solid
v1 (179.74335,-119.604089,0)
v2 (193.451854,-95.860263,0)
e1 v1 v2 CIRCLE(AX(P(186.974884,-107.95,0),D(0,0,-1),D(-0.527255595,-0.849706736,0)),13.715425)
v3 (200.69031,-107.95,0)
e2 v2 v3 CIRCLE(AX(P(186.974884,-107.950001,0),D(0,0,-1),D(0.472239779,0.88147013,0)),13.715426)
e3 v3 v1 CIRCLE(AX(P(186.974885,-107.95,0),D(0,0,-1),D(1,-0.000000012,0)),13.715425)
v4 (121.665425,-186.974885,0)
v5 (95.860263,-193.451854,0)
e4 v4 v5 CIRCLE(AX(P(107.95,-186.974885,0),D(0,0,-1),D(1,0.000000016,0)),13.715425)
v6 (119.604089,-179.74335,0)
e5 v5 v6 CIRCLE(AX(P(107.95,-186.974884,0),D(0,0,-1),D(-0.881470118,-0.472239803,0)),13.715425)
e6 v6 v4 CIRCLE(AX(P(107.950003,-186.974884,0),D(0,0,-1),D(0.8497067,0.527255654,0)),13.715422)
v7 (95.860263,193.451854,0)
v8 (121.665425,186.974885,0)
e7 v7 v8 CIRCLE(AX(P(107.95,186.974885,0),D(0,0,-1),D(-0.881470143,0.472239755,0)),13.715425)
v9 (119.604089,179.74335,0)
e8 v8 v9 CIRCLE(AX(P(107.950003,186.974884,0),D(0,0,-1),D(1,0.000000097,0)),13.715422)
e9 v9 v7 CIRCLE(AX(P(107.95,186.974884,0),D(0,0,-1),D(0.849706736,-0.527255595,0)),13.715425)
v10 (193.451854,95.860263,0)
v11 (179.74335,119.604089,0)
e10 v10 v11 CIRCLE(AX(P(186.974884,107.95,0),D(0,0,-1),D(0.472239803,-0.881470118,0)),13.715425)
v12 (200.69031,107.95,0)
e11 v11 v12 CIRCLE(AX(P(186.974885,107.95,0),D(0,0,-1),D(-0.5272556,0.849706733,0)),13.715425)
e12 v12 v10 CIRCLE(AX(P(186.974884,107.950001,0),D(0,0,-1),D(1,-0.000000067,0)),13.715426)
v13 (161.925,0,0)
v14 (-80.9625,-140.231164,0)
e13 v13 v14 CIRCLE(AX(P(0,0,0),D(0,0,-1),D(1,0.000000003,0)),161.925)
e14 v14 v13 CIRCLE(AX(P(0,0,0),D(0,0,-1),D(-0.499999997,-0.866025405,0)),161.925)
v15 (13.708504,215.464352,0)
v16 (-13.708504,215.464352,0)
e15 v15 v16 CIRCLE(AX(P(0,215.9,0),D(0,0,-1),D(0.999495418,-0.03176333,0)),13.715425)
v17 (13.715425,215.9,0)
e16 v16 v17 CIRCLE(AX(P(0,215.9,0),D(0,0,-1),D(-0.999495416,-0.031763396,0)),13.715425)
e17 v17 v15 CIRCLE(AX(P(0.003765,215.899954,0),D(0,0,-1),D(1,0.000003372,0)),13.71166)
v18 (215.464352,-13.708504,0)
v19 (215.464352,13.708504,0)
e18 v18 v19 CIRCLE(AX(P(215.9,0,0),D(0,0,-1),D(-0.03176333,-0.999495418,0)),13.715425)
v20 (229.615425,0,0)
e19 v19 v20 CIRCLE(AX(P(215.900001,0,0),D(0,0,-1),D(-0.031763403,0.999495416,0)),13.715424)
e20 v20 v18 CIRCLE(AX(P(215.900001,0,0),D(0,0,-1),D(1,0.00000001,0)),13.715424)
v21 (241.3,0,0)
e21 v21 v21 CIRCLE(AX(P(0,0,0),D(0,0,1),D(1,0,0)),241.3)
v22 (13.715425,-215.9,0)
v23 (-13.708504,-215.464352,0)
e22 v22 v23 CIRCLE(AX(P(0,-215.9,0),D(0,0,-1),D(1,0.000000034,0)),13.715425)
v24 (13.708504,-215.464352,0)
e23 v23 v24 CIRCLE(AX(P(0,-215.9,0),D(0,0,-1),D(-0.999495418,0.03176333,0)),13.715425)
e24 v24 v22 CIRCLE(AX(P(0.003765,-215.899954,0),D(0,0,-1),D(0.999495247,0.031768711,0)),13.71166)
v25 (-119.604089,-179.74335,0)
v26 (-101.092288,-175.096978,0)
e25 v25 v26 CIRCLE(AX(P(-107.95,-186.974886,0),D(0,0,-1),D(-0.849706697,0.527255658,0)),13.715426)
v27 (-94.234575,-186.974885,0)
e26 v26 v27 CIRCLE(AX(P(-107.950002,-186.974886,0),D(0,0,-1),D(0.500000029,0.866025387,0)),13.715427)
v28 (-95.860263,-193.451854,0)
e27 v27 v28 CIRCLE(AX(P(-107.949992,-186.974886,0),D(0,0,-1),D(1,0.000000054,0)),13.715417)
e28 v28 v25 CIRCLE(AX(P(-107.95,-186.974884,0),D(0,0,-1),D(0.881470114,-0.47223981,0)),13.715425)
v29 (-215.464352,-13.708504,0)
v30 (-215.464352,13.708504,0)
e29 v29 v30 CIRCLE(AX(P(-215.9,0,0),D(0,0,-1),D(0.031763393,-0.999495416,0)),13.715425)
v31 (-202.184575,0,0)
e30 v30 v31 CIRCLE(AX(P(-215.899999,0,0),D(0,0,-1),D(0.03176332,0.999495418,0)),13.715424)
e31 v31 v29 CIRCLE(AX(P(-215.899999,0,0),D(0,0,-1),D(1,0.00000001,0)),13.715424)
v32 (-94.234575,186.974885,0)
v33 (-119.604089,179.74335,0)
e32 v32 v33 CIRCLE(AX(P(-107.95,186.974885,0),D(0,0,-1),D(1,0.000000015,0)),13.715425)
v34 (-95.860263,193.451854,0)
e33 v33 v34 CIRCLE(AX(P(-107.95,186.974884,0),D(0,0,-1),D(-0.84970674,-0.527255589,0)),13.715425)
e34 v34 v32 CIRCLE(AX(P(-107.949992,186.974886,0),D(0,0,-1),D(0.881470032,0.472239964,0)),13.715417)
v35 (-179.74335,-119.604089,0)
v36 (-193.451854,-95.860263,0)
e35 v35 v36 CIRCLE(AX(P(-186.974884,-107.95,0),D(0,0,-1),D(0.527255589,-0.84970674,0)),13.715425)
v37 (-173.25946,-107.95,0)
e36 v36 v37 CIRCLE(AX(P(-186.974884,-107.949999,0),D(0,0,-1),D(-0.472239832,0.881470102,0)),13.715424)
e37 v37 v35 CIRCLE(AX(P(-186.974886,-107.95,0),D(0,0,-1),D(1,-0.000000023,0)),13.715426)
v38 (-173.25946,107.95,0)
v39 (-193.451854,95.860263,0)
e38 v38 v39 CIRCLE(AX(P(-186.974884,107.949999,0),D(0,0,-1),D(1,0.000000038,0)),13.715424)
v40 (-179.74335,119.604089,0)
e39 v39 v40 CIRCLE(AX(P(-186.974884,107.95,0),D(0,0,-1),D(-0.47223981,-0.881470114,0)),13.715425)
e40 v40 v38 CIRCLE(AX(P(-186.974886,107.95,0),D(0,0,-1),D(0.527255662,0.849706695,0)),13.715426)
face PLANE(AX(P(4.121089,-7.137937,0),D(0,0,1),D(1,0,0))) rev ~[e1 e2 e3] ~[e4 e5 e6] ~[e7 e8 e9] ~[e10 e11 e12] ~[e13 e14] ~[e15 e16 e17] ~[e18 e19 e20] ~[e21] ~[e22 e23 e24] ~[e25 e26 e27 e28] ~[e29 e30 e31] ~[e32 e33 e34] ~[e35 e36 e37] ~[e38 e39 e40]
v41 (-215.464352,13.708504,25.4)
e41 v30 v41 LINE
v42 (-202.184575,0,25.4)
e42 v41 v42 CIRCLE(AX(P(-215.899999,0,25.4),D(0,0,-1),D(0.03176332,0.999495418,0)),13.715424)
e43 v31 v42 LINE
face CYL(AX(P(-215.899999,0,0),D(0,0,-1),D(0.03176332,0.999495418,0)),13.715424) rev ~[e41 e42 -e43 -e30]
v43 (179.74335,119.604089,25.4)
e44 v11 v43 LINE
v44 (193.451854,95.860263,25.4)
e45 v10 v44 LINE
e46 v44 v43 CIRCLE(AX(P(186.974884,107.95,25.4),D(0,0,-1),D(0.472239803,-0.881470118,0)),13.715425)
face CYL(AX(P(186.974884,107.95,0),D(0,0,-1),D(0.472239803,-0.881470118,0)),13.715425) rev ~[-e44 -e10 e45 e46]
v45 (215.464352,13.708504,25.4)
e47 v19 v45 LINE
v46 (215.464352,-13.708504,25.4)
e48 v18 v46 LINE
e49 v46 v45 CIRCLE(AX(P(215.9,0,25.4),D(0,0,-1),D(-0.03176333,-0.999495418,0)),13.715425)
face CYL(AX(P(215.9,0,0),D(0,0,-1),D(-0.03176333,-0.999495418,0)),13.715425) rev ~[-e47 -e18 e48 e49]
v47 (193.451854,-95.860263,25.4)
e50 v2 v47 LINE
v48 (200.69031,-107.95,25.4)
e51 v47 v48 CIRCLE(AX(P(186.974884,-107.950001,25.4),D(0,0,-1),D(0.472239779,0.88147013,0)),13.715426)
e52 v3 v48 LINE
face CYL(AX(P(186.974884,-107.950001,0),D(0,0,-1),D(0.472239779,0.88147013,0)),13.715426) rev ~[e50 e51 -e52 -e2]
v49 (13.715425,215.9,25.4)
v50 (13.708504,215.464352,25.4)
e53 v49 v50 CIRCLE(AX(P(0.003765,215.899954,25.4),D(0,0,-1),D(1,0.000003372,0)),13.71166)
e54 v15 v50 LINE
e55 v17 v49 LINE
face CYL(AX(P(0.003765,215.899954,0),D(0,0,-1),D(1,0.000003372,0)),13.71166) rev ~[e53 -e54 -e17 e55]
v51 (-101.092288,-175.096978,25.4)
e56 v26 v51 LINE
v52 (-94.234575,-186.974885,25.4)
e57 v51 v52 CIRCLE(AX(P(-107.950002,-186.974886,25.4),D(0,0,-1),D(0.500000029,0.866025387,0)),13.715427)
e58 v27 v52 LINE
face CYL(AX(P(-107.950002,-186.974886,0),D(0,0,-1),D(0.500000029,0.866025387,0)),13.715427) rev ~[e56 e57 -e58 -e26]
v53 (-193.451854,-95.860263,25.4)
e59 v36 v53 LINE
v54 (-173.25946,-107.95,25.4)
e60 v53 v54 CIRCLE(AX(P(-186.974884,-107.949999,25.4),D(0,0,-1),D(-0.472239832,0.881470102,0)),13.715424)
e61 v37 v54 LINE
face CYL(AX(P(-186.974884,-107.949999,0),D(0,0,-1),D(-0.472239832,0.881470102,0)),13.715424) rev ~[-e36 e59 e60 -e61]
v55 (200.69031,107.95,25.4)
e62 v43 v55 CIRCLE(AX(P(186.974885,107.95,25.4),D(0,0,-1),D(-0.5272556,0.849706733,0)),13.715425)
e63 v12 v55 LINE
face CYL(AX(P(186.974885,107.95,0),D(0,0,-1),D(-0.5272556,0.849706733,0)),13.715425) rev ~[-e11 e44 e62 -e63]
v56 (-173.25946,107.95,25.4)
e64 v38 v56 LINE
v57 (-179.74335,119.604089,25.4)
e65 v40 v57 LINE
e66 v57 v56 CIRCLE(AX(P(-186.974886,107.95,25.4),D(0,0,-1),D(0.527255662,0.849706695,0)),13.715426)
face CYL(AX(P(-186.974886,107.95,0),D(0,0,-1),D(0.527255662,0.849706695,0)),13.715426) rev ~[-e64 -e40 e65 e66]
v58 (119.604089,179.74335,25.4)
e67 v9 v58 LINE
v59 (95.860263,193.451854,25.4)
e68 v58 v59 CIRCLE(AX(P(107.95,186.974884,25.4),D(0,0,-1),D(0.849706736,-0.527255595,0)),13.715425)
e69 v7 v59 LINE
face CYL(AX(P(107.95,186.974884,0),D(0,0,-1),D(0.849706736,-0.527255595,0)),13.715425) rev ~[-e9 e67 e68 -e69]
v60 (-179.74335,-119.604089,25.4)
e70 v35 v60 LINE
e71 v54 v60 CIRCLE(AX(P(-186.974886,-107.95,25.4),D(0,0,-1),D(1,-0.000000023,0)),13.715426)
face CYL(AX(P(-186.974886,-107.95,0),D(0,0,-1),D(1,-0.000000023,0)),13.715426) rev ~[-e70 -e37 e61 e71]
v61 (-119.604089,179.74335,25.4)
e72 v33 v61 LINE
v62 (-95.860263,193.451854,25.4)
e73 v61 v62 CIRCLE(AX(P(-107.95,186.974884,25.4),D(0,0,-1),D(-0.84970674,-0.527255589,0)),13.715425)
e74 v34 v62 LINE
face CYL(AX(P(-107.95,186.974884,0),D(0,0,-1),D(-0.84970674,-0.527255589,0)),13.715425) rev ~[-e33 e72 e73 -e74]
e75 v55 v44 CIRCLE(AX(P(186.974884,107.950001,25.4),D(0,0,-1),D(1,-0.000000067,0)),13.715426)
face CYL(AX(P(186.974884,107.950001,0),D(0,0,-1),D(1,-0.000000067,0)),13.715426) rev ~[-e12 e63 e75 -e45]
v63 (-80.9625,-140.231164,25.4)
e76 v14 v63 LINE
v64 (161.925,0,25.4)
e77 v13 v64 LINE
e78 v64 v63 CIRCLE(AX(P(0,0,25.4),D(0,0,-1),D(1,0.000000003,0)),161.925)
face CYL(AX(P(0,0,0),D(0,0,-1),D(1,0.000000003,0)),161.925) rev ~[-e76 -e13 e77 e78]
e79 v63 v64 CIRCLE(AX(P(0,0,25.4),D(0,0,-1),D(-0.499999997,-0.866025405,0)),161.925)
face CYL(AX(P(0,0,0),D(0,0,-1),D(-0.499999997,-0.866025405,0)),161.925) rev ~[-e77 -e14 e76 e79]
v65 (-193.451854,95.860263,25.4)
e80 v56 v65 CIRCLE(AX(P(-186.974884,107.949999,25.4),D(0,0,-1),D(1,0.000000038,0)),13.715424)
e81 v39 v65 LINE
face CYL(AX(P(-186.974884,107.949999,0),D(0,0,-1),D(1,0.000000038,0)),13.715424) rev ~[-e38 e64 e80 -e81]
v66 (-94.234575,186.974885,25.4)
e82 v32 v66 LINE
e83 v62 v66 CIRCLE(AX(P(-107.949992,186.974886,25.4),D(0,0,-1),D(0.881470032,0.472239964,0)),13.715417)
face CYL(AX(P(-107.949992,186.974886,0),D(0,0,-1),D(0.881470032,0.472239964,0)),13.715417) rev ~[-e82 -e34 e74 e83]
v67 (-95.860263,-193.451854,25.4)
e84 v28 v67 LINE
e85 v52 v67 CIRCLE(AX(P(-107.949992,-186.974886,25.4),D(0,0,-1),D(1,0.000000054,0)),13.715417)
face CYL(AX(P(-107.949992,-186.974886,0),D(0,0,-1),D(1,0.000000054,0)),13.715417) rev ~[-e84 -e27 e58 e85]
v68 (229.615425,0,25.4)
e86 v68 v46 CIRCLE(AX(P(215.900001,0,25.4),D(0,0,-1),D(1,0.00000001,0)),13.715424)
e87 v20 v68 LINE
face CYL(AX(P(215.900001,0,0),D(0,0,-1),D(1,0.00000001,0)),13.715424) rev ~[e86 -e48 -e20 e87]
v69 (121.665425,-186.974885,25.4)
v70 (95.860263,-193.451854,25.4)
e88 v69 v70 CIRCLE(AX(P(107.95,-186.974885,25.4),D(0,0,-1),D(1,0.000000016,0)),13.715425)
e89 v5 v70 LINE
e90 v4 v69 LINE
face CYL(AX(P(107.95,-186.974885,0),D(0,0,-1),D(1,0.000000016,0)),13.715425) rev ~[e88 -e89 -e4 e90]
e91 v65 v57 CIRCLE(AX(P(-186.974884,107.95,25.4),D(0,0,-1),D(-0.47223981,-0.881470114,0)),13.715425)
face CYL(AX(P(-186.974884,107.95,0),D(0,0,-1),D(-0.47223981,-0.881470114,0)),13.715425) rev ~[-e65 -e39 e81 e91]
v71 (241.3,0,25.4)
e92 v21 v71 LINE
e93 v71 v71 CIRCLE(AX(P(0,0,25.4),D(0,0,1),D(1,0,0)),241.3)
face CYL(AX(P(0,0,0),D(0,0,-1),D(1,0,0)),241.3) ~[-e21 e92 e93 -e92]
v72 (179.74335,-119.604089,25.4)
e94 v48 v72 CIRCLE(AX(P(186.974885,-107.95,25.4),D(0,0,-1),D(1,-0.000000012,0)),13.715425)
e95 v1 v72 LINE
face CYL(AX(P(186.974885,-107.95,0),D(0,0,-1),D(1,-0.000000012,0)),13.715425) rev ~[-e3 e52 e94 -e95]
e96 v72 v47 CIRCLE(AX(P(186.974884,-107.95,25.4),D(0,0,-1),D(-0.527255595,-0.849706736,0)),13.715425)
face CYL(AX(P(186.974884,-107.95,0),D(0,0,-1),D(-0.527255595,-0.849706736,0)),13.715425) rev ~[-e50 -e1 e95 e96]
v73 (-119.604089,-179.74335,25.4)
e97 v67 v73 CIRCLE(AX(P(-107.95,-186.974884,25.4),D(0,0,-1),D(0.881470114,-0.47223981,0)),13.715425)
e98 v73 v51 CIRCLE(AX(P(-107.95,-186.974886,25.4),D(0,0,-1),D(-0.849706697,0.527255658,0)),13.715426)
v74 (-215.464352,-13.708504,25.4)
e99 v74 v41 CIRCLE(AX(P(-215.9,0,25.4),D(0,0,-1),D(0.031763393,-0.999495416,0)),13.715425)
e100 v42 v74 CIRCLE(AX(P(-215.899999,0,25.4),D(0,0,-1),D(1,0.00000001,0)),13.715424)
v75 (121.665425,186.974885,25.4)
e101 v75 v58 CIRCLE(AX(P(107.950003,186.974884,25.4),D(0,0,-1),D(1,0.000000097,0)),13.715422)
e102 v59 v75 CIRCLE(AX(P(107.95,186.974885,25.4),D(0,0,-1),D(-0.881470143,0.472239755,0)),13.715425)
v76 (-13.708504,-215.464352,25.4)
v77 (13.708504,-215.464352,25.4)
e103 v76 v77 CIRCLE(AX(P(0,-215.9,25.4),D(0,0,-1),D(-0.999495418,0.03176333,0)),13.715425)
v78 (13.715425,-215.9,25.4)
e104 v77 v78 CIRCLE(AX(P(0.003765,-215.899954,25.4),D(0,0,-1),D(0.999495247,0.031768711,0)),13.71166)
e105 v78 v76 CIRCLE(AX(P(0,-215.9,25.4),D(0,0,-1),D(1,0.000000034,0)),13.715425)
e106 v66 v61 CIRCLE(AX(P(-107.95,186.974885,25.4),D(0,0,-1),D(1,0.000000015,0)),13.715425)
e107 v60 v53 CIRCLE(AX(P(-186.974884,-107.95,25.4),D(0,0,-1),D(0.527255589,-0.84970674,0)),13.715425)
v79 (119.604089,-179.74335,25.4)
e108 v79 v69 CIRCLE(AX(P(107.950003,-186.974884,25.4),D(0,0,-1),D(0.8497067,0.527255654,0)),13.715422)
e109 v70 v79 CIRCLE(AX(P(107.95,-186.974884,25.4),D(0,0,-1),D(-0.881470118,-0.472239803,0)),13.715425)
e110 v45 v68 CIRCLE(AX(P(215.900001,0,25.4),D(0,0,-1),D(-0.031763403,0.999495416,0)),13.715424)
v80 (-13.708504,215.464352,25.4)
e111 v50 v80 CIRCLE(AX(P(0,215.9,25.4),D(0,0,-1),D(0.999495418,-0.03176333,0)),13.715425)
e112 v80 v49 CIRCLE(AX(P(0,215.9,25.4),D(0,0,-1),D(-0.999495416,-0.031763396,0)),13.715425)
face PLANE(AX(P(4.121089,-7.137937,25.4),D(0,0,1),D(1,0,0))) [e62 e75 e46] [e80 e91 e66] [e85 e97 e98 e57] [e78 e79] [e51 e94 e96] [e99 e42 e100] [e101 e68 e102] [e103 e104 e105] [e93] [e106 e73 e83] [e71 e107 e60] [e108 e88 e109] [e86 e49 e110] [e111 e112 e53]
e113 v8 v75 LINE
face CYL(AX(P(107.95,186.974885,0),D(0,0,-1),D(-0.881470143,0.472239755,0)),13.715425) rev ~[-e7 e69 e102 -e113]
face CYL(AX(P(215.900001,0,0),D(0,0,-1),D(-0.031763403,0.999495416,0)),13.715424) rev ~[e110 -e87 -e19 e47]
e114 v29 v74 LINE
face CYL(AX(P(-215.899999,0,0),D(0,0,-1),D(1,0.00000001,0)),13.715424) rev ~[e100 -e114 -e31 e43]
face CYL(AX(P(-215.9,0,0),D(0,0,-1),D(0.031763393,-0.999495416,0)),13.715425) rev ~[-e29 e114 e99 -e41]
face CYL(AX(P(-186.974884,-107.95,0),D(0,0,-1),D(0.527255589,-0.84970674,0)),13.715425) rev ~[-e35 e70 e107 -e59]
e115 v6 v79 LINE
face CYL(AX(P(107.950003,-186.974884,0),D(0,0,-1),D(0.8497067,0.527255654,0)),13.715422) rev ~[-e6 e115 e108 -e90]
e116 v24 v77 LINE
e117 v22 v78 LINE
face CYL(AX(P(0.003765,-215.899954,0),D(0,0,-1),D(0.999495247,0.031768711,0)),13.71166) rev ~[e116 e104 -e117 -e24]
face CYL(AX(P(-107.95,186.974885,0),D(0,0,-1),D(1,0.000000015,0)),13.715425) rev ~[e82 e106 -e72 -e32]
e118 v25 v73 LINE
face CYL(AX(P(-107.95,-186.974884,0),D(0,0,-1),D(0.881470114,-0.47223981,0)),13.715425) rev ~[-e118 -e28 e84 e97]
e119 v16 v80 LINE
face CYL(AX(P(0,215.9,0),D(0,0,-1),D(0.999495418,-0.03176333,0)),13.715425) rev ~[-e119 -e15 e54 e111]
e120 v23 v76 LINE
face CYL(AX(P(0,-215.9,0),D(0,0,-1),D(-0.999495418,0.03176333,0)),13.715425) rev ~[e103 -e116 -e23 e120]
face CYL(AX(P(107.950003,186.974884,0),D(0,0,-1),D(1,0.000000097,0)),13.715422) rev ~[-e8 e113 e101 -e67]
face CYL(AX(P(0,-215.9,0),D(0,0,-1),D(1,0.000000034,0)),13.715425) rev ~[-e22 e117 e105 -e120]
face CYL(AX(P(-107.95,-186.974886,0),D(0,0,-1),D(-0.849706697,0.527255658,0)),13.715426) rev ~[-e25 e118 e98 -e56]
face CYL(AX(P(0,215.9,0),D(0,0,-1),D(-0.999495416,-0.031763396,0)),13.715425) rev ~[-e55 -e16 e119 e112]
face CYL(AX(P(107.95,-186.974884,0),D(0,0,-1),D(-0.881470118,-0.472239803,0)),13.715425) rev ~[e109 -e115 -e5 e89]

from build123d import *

# Parameters (mm, degrees)
F0_R     = 241.3
F1_DEPTH = 25.4


with BuildPart() as f1:
    # F0 (on Top) → F1 (new body)
    with BuildSketch(Plane.XY):
        with BuildLine():
            ThreePointArc((-80.9625, -140.231164), (80.9625, -140.231164), (161.925, 0))
            ThreePointArc((161.925, 0), (-80.9625, 140.231164), (-80.9625, -140.231164))
        make_face()
        Circle(F0_R)
        with BuildLine():
            ThreePointArc((-95.860263, -193.451854), (-114.807712, -198.852791), (-119.604089, -179.74335))
            ThreePointArc((-119.604089, -179.74335), (-152.664354, -152.664354), (-179.74335, -119.604089))
            ThreePointArc((-179.74335, -119.604089), (-198.852791, -114.807712), (-193.451854, -95.860263))
            ThreePointArc((-193.451854, -95.860263), (-208.543386, -55.879032), (-215.464352, -13.708504))
            ThreePointArc((-215.464352, -13.708504), (-229.615425, 0), (-215.464352, 13.708504))
            ThreePointArc((-215.464352, 13.708504), (-208.543386, 55.879032), (-193.451854, 95.860263))
            ThreePointArc((-193.451854, 95.860263), (-198.852791, 114.807712), (-179.74335, 119.604089))
            ThreePointArc((-179.74335, 119.604089), (-152.664354, 152.664354), (-119.604089, 179.74335))
            ThreePointArc((-119.604089, 179.74335), (-114.807712, 198.852791), (-95.860263, 193.451854))
            ThreePointArc((-95.860263, 193.451854), (-55.879032, 208.543386), (-13.708504, 215.464352))
            ThreePointArc((-13.708504, 215.464352), (-0.217852, 229.613695), (13.715425, 215.9))
            ThreePointArc((13.715425, 215.9), (13.713695, 215.682148), (13.708504, 215.464352))
            ThreePointArc((13.708504, 215.464352), (55.879032, 208.543386), (95.860263, 193.451854))
            ThreePointArc((95.860263, 193.451854), (111.288937, 200.277681), (121.665425, 186.974885))
            ThreePointArc((121.665425, 186.974885), (121.140028, 183.215091), (119.604089, 179.74335))
            ThreePointArc((119.604089, 179.74335), (152.664354, 152.664354), (179.74335, 119.604089))
            ThreePointArc((179.74335, 119.604089), (193.643067, 119.935334), (200.69031, 107.95))
            ThreePointArc((200.69031, 107.95), (198.742367, 100.904488), (193.451854, 95.860263))
            ThreePointArc((193.451854, 95.860263), (208.543386, 55.879032), (215.464352, 13.708504))
            ThreePointArc((215.464352, 13.708504), (225.443002, 9.851091), (229.615425, 0))
            ThreePointArc((229.615425, 0), (225.443002, -9.851091), (215.464352, -13.708504))
            ThreePointArc((215.464352, -13.708504), (208.543386, -55.879032), (193.451854, -95.860263))
            ThreePointArc((193.451854, -95.860263), (198.742367, -100.904488), (200.69031, -107.95))
            ThreePointArc((200.69031, -107.95), (193.643067, -119.935334), (179.74335, -119.604089))
            ThreePointArc((179.74335, -119.604089), (152.664354, -152.664354), (119.604089, -179.74335))
            ThreePointArc((119.604089, -179.74335), (121.140028, -183.215091), (121.665425, -186.974885))
            ThreePointArc((121.665425, -186.974885), (111.288937, -200.277681), (95.860263, -193.451854))
            ThreePointArc((95.860263, -193.451854), (55.879032, -208.543386), (13.708504, -215.464352))
            ThreePointArc((13.708504, -215.464352), (13.713695, -215.682148), (13.715425, -215.9))
            ThreePointArc((13.715425, -215.9), (-0.217852, -229.613695), (-13.708504, -215.464352))
            ThreePointArc((-13.708504, -215.464352), (-55.879032, -208.543386), (-95.860263, -193.451854))
        make_face(mode=Mode.SUBTRACT)
        with BuildLine():
            ThreePointArc((-119.604089, -179.74335), (-111.288937, -173.672089), (-101.092288, -175.096978))
            ThreePointArc((-101.092288, -175.096978), (-96.072094, -180.117172), (-94.234575, -186.974885))
            ThreePointArc((-94.234575, -186.974885), (-94.647204, -190.313822), (-95.860263, -193.451854))
            ThreePointArc((-95.860263, -193.451854), (-55.879032, -208.543386), (-13.708504, -215.464352))
            ThreePointArc((-13.708504, -215.464352), (0, -202.184575), (13.708504, -215.464352))
            ThreePointArc((13.708504, -215.464352), (55.879032, -208.543386), (95.860263, -193.451854))
            ThreePointArc((95.860263, -193.451854), (101.092288, -175.096978), (119.604089, -179.74335))
            ThreePointArc((119.604089, -179.74335), (152.664354, -152.664354), (179.74335, -119.604089))
            ThreePointArc((179.74335, -119.604089), (175.096978, -101.092288), (193.451854, -95.860263))
            ThreePointArc((193.451854, -95.860263), (208.543386, -55.879032), (215.464352, -13.708504))
            ThreePointArc((215.464352, -13.708504), (202.184575, 0), (215.464352, 13.708504))
            ThreePointArc((215.464352, 13.708504), (208.543386, 55.879032), (193.451854, 95.860263))
            ThreePointArc((193.451854, 95.860263), (175.096978, 101.092288), (179.74335, 119.604089))
            ThreePointArc((179.74335, 119.604089), (152.664354, 152.664354), (119.604089, 179.74335))
            ThreePointArc((119.604089, 179.74335), (101.092288, 175.096978), (95.860263, 193.451854))
            ThreePointArc((95.860263, 193.451854), (55.879032, 208.543386), (13.708504, 215.464352))
            ThreePointArc((13.708504, 215.464352), (0, 202.184575), (-13.708504, 215.464352))
            ThreePointArc((-13.708504, 215.464352), (-55.879032, 208.543386), (-95.860263, 193.451854))
            ThreePointArc((-95.860263, 193.451854), (-94.647204, 190.313822), (-94.234575, 186.974885))
            ThreePointArc((-94.234575, 186.974885), (-104.190206, 173.784857), (-119.604089, 179.74335))
            ThreePointArc((-119.604089, 179.74335), (-152.664354, 152.664354), (-179.74335, 119.604089))
            ThreePointArc((-179.74335, 119.604089), (-174.989551, 114.618182), (-173.25946, 107.95))
            ThreePointArc((-173.25946, 107.95), (-179.929372, 96.182518), (-193.451854, 95.860263))
            ThreePointArc((-193.451854, 95.860263), (-208.543386, 55.879032), (-215.464352, 13.708504))
            ThreePointArc((-215.464352, 13.708504), (-206.048909, 9.543002), (-202.184575, 0))
            ThreePointArc((-202.184575, 0), (-206.048909, -9.543002), (-215.464352, -13.708504))
            ThreePointArc((-215.464352, -13.708504), (-208.543386, -55.879032), (-193.451854, -95.860263))
            ThreePointArc((-193.451854, -95.860263), (-179.929372, -96.182518), (-173.25946, -107.95))
            ThreePointArc((-173.25946, -107.95), (-174.989551, -114.618182), (-179.74335, -119.604089))
            ThreePointArc((-179.74335, -119.604089), (-152.664354, -152.664354), (-119.604089, -179.74335))
        make_face()
        with BuildLine():
            ThreePointArc((-80.9625, -140.231164), (-80.9625, 140.231164), (161.925, 0))
            ThreePointArc((161.925, 0), (80.9625, -140.231164), (-80.9625, -140.231164))
        make_face(mode=Mode.SUBTRACT)
    extrude(amount=F1_DEPTH)


solid = f1.part
